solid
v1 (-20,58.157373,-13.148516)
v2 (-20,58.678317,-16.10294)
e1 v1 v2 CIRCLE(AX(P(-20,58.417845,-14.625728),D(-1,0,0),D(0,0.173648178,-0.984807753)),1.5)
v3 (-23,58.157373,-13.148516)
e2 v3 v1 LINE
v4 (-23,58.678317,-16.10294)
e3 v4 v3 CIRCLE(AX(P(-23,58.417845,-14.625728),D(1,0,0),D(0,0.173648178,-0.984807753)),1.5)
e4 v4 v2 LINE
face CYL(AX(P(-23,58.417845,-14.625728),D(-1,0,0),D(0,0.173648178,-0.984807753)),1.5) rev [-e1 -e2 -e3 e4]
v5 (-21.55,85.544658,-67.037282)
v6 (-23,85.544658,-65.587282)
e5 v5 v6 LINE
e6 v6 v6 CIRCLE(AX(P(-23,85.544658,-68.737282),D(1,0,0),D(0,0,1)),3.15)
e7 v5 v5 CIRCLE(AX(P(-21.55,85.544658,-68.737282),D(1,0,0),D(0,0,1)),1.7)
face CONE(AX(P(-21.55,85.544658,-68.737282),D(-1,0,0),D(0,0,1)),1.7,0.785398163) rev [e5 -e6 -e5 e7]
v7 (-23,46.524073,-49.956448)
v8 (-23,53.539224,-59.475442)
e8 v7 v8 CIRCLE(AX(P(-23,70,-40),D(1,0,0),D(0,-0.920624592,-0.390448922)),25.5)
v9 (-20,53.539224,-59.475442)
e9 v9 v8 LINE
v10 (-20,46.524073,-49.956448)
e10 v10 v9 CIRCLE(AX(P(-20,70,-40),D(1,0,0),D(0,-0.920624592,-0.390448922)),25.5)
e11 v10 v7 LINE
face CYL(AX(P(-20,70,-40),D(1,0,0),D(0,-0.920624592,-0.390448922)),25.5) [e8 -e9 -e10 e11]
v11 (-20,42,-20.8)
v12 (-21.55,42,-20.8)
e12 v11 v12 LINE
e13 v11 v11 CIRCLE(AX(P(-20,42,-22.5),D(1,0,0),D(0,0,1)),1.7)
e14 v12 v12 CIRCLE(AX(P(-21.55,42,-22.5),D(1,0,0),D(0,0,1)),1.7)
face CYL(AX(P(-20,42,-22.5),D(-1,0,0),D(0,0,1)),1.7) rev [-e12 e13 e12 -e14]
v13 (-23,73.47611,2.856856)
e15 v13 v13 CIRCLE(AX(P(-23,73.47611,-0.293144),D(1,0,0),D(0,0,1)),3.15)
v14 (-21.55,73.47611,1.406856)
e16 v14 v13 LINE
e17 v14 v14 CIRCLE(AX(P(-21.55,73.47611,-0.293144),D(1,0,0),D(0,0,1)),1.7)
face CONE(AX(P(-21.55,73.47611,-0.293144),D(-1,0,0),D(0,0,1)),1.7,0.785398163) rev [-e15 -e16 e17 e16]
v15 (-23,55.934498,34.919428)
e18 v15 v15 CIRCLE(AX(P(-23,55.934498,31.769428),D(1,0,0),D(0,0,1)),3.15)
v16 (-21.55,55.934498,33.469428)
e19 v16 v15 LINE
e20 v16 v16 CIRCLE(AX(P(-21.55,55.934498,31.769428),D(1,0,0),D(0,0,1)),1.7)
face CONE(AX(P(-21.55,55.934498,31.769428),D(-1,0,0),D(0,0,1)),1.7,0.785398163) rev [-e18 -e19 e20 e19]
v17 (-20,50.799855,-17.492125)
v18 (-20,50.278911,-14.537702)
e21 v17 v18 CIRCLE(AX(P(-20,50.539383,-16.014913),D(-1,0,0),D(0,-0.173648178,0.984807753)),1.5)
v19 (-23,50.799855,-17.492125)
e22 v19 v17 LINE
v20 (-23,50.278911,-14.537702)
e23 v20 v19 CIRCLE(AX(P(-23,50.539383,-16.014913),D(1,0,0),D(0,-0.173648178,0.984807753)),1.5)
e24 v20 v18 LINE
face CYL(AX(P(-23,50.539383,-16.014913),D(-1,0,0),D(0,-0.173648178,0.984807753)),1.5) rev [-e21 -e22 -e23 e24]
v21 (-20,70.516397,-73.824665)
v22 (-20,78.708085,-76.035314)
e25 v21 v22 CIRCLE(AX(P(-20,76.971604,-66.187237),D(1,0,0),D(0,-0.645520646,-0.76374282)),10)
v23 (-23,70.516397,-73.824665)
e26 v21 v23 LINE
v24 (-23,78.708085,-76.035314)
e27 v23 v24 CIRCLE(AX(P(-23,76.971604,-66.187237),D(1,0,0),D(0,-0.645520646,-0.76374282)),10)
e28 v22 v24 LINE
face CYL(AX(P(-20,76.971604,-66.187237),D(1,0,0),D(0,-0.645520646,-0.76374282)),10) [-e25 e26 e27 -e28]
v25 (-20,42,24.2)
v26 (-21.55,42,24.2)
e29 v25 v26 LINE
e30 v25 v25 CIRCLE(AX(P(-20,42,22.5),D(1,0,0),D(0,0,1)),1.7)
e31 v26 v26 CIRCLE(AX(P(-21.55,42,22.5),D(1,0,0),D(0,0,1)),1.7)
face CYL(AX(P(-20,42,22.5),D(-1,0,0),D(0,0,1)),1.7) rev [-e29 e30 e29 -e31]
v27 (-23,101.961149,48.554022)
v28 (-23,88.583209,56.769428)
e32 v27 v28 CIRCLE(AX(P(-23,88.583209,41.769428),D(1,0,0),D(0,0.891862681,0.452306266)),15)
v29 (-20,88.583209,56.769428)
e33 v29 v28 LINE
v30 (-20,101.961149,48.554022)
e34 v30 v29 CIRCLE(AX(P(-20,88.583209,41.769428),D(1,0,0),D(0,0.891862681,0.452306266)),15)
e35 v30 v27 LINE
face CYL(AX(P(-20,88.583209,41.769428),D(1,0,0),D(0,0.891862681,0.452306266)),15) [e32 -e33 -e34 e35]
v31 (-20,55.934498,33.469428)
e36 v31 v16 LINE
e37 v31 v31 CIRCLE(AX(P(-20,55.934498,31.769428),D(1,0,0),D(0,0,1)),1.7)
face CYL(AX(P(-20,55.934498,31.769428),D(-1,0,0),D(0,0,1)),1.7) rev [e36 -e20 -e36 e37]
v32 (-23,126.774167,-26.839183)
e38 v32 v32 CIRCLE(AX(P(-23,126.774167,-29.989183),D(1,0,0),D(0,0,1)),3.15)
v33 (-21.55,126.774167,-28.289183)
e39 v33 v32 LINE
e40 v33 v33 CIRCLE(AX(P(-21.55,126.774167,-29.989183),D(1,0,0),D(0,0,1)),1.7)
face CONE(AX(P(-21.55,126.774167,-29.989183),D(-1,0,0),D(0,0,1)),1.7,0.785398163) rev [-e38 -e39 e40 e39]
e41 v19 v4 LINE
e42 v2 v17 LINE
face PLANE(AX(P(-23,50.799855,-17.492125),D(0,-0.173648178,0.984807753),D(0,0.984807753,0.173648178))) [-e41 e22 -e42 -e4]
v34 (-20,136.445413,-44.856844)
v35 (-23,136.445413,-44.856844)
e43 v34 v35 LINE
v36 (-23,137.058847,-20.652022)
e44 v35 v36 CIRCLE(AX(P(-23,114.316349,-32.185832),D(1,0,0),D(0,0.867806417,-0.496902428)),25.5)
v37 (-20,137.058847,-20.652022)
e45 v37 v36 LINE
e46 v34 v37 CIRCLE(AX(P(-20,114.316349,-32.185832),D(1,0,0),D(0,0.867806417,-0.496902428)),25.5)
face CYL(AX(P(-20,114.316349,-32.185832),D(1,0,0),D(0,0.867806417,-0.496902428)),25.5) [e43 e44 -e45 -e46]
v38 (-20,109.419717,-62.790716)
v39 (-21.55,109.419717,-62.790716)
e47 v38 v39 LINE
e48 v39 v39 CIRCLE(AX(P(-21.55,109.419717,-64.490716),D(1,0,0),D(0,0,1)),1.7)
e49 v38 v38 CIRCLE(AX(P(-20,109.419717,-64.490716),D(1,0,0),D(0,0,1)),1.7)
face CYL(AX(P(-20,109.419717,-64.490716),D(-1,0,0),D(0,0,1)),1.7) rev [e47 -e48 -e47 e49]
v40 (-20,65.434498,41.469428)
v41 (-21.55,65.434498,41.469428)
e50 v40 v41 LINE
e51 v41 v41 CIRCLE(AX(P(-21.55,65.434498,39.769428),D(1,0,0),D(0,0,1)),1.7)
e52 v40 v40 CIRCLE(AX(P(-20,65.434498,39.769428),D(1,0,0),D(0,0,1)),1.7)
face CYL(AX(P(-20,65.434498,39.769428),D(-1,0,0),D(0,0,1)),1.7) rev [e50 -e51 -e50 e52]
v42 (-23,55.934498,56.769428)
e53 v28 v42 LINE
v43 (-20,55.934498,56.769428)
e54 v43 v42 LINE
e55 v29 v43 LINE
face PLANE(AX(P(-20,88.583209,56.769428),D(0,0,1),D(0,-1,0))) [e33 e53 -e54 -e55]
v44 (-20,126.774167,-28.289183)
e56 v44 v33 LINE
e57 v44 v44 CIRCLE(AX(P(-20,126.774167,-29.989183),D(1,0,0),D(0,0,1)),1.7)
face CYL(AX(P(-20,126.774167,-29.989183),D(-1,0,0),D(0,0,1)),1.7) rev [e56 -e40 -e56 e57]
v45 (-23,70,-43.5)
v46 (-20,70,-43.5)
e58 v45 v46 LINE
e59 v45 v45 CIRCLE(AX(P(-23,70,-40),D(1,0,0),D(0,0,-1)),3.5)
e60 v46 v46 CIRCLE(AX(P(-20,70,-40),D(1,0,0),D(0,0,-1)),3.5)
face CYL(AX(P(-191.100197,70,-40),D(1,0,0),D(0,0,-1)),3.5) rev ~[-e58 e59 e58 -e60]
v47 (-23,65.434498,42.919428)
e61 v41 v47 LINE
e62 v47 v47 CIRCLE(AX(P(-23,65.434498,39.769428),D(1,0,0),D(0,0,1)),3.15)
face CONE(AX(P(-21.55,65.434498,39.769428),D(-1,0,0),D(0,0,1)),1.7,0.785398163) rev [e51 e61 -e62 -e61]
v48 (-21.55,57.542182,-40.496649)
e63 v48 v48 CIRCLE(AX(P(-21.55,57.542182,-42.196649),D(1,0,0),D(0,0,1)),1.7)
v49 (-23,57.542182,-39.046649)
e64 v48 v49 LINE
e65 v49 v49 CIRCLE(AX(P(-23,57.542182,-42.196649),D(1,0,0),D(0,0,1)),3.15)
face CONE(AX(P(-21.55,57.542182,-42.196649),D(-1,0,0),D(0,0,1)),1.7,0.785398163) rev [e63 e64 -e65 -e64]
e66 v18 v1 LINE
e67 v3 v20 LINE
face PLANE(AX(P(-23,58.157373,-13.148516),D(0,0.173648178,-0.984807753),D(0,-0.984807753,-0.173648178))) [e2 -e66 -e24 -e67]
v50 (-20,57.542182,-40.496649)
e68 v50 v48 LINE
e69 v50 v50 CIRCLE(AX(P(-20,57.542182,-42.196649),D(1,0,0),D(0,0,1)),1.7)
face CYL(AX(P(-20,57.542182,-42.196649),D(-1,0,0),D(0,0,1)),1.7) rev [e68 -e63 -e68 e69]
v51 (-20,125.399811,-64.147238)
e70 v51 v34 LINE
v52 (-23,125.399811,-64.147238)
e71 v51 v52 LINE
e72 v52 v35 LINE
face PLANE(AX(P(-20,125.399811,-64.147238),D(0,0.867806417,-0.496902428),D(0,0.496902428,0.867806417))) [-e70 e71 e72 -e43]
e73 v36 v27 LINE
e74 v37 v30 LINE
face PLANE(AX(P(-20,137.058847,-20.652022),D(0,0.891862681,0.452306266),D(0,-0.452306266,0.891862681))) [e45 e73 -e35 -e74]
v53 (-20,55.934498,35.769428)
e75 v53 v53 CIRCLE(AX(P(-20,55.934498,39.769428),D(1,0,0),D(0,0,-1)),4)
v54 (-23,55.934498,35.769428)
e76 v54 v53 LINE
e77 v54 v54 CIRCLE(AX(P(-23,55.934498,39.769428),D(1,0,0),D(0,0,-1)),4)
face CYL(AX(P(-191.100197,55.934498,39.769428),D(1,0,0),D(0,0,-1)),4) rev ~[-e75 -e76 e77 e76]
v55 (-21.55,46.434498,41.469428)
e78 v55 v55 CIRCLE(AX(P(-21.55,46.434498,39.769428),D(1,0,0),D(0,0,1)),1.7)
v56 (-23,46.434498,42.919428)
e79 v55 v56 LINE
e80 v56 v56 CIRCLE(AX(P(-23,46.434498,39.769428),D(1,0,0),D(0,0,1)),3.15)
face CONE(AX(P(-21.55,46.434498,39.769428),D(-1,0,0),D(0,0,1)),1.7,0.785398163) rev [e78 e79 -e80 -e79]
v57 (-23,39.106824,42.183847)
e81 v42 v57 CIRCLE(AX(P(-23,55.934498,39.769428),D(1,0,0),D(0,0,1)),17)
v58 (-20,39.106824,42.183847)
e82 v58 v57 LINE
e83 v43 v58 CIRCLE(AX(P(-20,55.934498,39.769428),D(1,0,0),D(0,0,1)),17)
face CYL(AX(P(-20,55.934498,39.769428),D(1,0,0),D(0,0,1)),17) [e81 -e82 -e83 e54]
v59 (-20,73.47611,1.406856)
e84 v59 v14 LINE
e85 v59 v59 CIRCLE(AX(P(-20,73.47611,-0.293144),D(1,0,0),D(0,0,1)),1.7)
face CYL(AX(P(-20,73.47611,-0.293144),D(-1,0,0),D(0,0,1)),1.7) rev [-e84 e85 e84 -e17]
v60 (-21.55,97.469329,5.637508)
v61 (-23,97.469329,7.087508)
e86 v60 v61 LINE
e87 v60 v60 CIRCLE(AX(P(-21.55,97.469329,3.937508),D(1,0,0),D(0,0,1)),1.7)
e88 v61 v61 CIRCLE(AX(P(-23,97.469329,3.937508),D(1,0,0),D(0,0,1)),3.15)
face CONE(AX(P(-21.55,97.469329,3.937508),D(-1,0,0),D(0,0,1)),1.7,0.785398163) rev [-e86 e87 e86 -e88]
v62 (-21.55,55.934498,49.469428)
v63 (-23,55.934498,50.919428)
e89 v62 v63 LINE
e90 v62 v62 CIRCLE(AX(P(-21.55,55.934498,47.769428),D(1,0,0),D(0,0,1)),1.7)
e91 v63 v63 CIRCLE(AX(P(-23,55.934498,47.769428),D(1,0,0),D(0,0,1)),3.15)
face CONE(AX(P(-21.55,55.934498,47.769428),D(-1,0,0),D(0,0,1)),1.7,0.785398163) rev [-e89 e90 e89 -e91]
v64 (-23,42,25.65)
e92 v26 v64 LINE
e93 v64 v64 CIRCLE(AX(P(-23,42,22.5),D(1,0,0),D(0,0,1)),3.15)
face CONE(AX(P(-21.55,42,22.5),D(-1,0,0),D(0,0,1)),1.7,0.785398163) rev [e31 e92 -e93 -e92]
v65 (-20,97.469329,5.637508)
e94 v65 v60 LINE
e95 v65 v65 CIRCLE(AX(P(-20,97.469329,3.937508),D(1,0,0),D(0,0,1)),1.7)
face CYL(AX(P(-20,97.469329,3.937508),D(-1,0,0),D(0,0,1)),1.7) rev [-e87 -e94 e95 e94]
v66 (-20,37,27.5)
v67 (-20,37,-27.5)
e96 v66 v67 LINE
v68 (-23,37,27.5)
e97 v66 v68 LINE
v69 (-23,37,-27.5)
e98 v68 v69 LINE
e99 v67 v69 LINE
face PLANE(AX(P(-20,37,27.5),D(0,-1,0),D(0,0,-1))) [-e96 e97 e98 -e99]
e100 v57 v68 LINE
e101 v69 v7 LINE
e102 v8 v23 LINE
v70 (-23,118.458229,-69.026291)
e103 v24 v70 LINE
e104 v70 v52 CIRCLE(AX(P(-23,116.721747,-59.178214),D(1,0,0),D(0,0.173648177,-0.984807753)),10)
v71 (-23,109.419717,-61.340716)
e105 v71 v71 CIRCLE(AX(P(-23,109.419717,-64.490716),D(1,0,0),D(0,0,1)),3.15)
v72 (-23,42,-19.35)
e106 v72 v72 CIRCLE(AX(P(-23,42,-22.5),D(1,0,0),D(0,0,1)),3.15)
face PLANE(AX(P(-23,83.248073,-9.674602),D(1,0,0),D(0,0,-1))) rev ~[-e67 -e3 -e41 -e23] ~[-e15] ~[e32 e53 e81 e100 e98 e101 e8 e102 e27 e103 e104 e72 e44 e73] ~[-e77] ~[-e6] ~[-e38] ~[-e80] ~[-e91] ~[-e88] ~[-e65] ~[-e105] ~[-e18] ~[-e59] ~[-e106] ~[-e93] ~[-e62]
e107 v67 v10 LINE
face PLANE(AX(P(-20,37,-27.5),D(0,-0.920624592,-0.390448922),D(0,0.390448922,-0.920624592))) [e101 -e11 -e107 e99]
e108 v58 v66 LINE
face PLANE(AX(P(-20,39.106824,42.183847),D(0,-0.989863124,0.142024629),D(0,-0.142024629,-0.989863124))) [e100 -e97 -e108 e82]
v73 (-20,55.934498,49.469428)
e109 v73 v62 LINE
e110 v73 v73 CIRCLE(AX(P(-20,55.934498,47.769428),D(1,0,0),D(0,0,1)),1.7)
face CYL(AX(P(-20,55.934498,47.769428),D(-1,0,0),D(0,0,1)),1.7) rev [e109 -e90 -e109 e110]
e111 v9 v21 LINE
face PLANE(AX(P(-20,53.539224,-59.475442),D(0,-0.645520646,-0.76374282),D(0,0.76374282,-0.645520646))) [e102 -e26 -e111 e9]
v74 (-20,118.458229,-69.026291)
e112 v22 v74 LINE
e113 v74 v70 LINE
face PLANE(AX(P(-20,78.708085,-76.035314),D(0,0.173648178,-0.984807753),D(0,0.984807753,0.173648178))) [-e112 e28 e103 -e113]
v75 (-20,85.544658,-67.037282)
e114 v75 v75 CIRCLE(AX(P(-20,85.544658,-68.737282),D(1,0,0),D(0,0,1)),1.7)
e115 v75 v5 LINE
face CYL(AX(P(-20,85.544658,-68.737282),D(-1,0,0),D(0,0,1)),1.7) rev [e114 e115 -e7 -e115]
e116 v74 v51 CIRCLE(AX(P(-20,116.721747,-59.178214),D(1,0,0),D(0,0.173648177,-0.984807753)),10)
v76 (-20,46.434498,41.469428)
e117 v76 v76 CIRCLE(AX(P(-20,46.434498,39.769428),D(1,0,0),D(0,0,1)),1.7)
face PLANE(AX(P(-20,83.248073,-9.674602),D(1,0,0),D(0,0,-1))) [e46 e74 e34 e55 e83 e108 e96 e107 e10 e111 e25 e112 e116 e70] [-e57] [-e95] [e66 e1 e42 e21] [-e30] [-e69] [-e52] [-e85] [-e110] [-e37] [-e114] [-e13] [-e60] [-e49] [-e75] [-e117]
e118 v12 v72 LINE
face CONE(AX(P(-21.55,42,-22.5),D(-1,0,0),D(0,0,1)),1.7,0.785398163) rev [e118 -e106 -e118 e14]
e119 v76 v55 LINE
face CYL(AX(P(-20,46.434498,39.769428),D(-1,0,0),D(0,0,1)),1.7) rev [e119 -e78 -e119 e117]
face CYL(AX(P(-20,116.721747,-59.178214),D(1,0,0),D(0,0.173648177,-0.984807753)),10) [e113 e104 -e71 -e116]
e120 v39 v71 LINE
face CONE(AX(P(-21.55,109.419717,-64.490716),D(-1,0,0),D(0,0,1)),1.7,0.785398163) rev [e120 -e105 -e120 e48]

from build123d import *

# Parameters (mm, degrees)
BOSS_EXTRUDE1_DEPTH                            = 3
CSK_FOR_M3_FLAT_HEAD_MACHINE_SCREW1_AT_2_COUNT = 2
CSK_FOR_M3_FLAT_HEAD_MACHINE_SCREW1_AT_2_PITCH = 24.249778845
CSK_FOR_M3_FLAT_HEAD_MACHINE_SCREW1_AT_3_COUNT = 2
CSK_FOR_M3_FLAT_HEAD_MACHINE_SCREW1_AT_3_PITCH = 38.620366786
CSK_FOR_M3_FLAT_HEAD_MACHINE_SCREW1_AT_4_COUNT = 2
CSK_FOR_M3_FLAT_HEAD_MACHINE_SCREW1_AT_4_PITCH = 56.46506966
CSK_FOR_M3_FLAT_HEAD_MACHINE_SCREW1_AT_5_COUNT = 2
CSK_FOR_M3_FLAT_HEAD_MACHINE_SCREW1_AT_5_PITCH = 73.574936218
CSK_FOR_M3_FLAT_HEAD_MACHINE_SCREW1_AT_6_COUNT = 2
CSK_FOR_M3_FLAT_HEAD_MACHINE_SCREW1_AT_6_PITCH = 69.463901996
CSK_FOR_M3_FLAT_HEAD_MACHINE_SCREW1_AT_7_COUNT = 2
CSK_FOR_M3_FLAT_HEAD_MACHINE_SCREW1_AT_7_PITCH = 110.058179925
CSK_FOR_M3_FLAT_HEAD_MACHINE_SCREW1_AT_8_COUNT = 2
CSK_FOR_M3_FLAT_HEAD_MACHINE_SCREW1_AT_8_PITCH = 79.426938293
CSK_FOR_M3_FLAT_HEAD_MACHINE_SCREW1_AT_9_COUNT = 2
CSK_FOR_M3_FLAT_HEAD_MACHINE_SCREW1_AT_9_PITCH = 113.158637276
CSK_FOR_M3_FLAT_HEAD_MACHINE_SCREW1_AT_1_COUNT = 2
CSK_FOR_M3_FLAT_HEAD_MACHINE_SCREW1_AT_1_PITCH = 121.80851999
CSK_FOR_M3_FLAT_HEAD_MACHINE_SCREW1_2_COUNT    = 2
CSK_FOR_M3_FLAT_HEAD_MACHINE_SCREW1_2_PITCH    = 110.121224394
CSK_FOR_M3_FLAT_HEAD_MACHINE_SCREW1_3_COUNT    = 2
CSK_FOR_M3_FLAT_HEAD_MACHINE_SCREW1_3_PITCH    = 124.350346483
HOLE1_D                                        = 7
HOLE2_D                                        = 8
CUT_EXTRUDE1_DEPTH                             = 160.254847507


with BuildPart() as part:
    # Sketch2 → Boss-Extrude1 (new body)
    with BuildSketch(Plane.ZY.offset(20)):
        with BuildLine():
            Line((48.554021991, 101.961148745), (-20.652022209, 137.058847244))
            ThreePointArc((-20.652022209, 137.058847244), (-32.831883634, 139.808163597), (-44.856843921, 136.445412513))
            Line((-44.856843921, 136.445412513), (-64.147238229, 125.399811115))
            ThreePointArc((-64.147238229, 125.399811115), (-67.359474123, 122.47213667), (-69.026291478, 118.458228724))
            Line((-69.026291478, 118.458228724), (-76.03531425, 78.708085309))
            ThreePointArc((-76.03531425, 78.708085309), (-75.841855651, 74.366160521), (-73.824664919, 70.516397068))
            Line((-73.824664919, 70.516397068), (-59.475441909, 53.539223516))
            ThreePointArc((-59.475441909, 53.539223516), (-55.128189361, 49.472265428), (-49.95644752, 46.524072909))
            Line((-49.95644752, 46.524072909), (-27.5, 37))
            Line((-27.5, 37), (27.5, 37))
            Line((27.5, 37), (42.183846688, 39.106824497))
            ThreePointArc((42.183846688, 39.106824497), (52.615538646, 44.799981854), (56.769427994, 55.934497609))
            Line((56.769427994, 55.934497609), (56.769427994, 88.583208534))
            ThreePointArc((56.769427994, 88.583208534), (54.55162088, 96.432765529), (48.554021991, 101.961148745))
        make_face()
    extrude(amount=BOSS_EXTRUDE1_DEPTH)

    # Sketch4 → CSK for M3 Flat Head Machine Screw1 (revolve, cut)
    with BuildSketch(Plane(origin=(-23, 109.419717404, -64.490716019), x_dir=(0, 0, 1), z_dir=(0, 1, 0))):
        Polygon((0, 0), (0, 3), (1.7, 3), (1.7, 1.45), (3.15, 0), align=None)
    csk_for_m3_flat_head_machine_screw1 = revolve(axis=Axis((-29.35, 109.419717404, -64.490716019), (1, 0, 0)), mode=Mode.SUBTRACT)

    # CSK for M3 Flat Head Machine Screw1 at 2: CSK for M3 Flat Head Machine Screw1 ×2
    with Locations(*[Vector(1.2086661918503244e-15, -0.9845474999613615, -0.1751177327395287) * (i * CSK_FOR_M3_FLAT_HEAD_MACHINE_SCREW1_AT_2_PITCH) for i in range(1, CSK_FOR_M3_FLAT_HEAD_MACHINE_SCREW1_AT_2_COUNT)]):
        add(csk_for_m3_flat_head_machine_screw1, mode=Mode.SUBTRACT)

    # CSK for M3 Flat Head Machine Screw1 at 3: CSK for M3 Flat Head Machine Screw1 ×2
    with Locations(*[Vector(-6.2093706838556256e-15, 0.4493600398438155, 0.8933507455594162) * (i * CSK_FOR_M3_FLAT_HEAD_MACHINE_SCREW1_AT_3_PITCH) for i in range(1, CSK_FOR_M3_FLAT_HEAD_MACHINE_SCREW1_AT_3_COUNT)]):
        add(csk_for_m3_flat_head_machine_screw1, mode=Mode.SUBTRACT)

    # CSK for M3 Flat Head Machine Screw1 at 4: CSK for M3 Flat Head Machine Screw1 ×2
    with Locations(*[Vector(-2.752696921896813e-15, -0.9187544758485509, 0.39482934681739995) * (i * CSK_FOR_M3_FLAT_HEAD_MACHINE_SCREW1_AT_4_PITCH) for i in range(1, CSK_FOR_M3_FLAT_HEAD_MACHINE_SCREW1_AT_4_COUNT)]):
        add(csk_for_m3_flat_head_machine_screw1, mode=Mode.SUBTRACT)

    # CSK for M3 Flat Head Machine Screw1 at 5: CSK for M3 Flat Head Machine Screw1 ×2
    with Locations(*[Vector(-6.072091503896112e-15, -0.4885305965886132, 0.872546764475563) * (i * CSK_FOR_M3_FLAT_HEAD_MACHINE_SCREW1_AT_5_PITCH) for i in range(1, CSK_FOR_M3_FLAT_HEAD_MACHINE_SCREW1_AT_5_COUNT)]):
        add(csk_for_m3_flat_head_machine_screw1, mode=Mode.SUBTRACT)

    # CSK for M3 Flat Head Machine Screw1 at 6: CSK for M3 Flat Head Machine Screw1 ×2
    with Locations(*[Vector(-6.853396070159125e-15, -0.172037385949862, 0.985090421146982) * (i * CSK_FOR_M3_FLAT_HEAD_MACHINE_SCREW1_AT_6_PITCH) for i in range(1, CSK_FOR_M3_FLAT_HEAD_MACHINE_SCREW1_AT_6_COUNT)]):
        add(csk_for_m3_flat_head_machine_screw1, mode=Mode.SUBTRACT)

    # CSK for M3 Flat Head Machine Screw1 at 7: CSK for M3 Flat Head Machine Screw1 ×2
    with Locations(*[Vector(-5.503795198596271e-15, -0.6125825218052937, 0.790406638369559) * (i * CSK_FOR_M3_FLAT_HEAD_MACHINE_SCREW1_AT_7_PITCH) for i in range(1, CSK_FOR_M3_FLAT_HEAD_MACHINE_SCREW1_AT_7_COUNT)]):
        add(csk_for_m3_flat_head_machine_screw1, mode=Mode.SUBTRACT)

    # CSK for M3 Flat Head Machine Screw1 at 8: CSK for M3 Flat Head Machine Screw1 ×2
    with Locations(*[Vector(-3.678987335552319e-15, -0.8488268445511623, 0.528670963803874) * (i * CSK_FOR_M3_FLAT_HEAD_MACHINE_SCREW1_AT_8_PITCH) for i in range(1, CSK_FOR_M3_FLAT_HEAD_MACHINE_SCREW1_AT_8_COUNT)]):
        add(csk_for_m3_flat_head_machine_screw1, mode=Mode.SUBTRACT)

    # CSK for M3 Flat Head Machine Screw1 at 9: CSK for M3 Flat Head Machine Screw1 ×2
    with Locations(*[Vector(-6.412606110908794e-15, -0.38870404286920884, 0.9213626685823191) * (i * CSK_FOR_M3_FLAT_HEAD_MACHINE_SCREW1_AT_9_PITCH) for i in range(1, CSK_FOR_M3_FLAT_HEAD_MACHINE_SCREW1_AT_9_COUNT)]):
        add(csk_for_m3_flat_head_machine_screw1, mode=Mode.SUBTRACT)

    # CSK for M3 Flat Head Machine Screw1 at 1: CSK for M3 Flat Head Machine Screw1 ×2
    with Locations(*[Vector(-5.9572332785295035e-15, -0.5170838607967878, 0.855934741030815) * (i * CSK_FOR_M3_FLAT_HEAD_MACHINE_SCREW1_AT_1_PITCH) for i in range(1, CSK_FOR_M3_FLAT_HEAD_MACHINE_SCREW1_AT_1_COUNT)]):
        add(csk_for_m3_flat_head_machine_screw1, mode=Mode.SUBTRACT)

    # CSK for M3 Flat Head Machine Screw1  2: CSK for M3 Flat Head Machine Screw1 ×2
    with Locations(*[Vector(-6.089422911582908e-15, -0.48569401665402473, 0.8741288933483895) * (i * CSK_FOR_M3_FLAT_HEAD_MACHINE_SCREW1_2_PITCH) for i in range(1, CSK_FOR_M3_FLAT_HEAD_MACHINE_SCREW1_2_COUNT)]):
        add(csk_for_m3_flat_head_machine_screw1, mode=Mode.SUBTRACT)

    # CSK for M3 Flat Head Machine Screw1  3: CSK for M3 Flat Head Machine Screw1 ×2
    with Locations(*[Vector(-6.285442955682349e-15, -0.43011717544362077, 0.9027730697071117) * (i * CSK_FOR_M3_FLAT_HEAD_MACHINE_SCREW1_3_PITCH) for i in range(1, CSK_FOR_M3_FLAT_HEAD_MACHINE_SCREW1_3_COUNT)]):
        add(csk_for_m3_flat_head_machine_screw1, mode=Mode.SUBTRACT)

    # Hole1 (through all)
    with Locations(Plane.ZY.offset(23)):
        with Locations((-40, 70)):
            Hole(HOLE1_D / 2)

    # Hole2 (through all)
    with Locations(Plane.ZY.offset(23)):
        with Locations((39.769427994, 55.934497609)):
            Hole(HOLE2_D / 2)

    # Sketch10 → Cut-Extrude1 (cut, through all)
    with BuildSketch(Plane.ZY.offset(23)):
        with BuildLine():
            Line((-17.492124963, 50.799855174), (-16.102939542, 58.678317198))
            ThreePointArc((-16.102939542, 58.678317198), (-14.365255646, 59.895056561), (-13.148516283, 58.157372665))
            Line((-13.148516283, 58.157372665), (-14.537701704, 50.278910641))
            ThreePointArc((-14.537701704, 50.278910641), (-16.2753856, 49.062171278), (-17.492124963, 50.799855174))
        make_face()
    extrude(amount=-CUT_EXTRUDE1_DEPTH, mode=Mode.SUBTRACT)


solid = part.part
